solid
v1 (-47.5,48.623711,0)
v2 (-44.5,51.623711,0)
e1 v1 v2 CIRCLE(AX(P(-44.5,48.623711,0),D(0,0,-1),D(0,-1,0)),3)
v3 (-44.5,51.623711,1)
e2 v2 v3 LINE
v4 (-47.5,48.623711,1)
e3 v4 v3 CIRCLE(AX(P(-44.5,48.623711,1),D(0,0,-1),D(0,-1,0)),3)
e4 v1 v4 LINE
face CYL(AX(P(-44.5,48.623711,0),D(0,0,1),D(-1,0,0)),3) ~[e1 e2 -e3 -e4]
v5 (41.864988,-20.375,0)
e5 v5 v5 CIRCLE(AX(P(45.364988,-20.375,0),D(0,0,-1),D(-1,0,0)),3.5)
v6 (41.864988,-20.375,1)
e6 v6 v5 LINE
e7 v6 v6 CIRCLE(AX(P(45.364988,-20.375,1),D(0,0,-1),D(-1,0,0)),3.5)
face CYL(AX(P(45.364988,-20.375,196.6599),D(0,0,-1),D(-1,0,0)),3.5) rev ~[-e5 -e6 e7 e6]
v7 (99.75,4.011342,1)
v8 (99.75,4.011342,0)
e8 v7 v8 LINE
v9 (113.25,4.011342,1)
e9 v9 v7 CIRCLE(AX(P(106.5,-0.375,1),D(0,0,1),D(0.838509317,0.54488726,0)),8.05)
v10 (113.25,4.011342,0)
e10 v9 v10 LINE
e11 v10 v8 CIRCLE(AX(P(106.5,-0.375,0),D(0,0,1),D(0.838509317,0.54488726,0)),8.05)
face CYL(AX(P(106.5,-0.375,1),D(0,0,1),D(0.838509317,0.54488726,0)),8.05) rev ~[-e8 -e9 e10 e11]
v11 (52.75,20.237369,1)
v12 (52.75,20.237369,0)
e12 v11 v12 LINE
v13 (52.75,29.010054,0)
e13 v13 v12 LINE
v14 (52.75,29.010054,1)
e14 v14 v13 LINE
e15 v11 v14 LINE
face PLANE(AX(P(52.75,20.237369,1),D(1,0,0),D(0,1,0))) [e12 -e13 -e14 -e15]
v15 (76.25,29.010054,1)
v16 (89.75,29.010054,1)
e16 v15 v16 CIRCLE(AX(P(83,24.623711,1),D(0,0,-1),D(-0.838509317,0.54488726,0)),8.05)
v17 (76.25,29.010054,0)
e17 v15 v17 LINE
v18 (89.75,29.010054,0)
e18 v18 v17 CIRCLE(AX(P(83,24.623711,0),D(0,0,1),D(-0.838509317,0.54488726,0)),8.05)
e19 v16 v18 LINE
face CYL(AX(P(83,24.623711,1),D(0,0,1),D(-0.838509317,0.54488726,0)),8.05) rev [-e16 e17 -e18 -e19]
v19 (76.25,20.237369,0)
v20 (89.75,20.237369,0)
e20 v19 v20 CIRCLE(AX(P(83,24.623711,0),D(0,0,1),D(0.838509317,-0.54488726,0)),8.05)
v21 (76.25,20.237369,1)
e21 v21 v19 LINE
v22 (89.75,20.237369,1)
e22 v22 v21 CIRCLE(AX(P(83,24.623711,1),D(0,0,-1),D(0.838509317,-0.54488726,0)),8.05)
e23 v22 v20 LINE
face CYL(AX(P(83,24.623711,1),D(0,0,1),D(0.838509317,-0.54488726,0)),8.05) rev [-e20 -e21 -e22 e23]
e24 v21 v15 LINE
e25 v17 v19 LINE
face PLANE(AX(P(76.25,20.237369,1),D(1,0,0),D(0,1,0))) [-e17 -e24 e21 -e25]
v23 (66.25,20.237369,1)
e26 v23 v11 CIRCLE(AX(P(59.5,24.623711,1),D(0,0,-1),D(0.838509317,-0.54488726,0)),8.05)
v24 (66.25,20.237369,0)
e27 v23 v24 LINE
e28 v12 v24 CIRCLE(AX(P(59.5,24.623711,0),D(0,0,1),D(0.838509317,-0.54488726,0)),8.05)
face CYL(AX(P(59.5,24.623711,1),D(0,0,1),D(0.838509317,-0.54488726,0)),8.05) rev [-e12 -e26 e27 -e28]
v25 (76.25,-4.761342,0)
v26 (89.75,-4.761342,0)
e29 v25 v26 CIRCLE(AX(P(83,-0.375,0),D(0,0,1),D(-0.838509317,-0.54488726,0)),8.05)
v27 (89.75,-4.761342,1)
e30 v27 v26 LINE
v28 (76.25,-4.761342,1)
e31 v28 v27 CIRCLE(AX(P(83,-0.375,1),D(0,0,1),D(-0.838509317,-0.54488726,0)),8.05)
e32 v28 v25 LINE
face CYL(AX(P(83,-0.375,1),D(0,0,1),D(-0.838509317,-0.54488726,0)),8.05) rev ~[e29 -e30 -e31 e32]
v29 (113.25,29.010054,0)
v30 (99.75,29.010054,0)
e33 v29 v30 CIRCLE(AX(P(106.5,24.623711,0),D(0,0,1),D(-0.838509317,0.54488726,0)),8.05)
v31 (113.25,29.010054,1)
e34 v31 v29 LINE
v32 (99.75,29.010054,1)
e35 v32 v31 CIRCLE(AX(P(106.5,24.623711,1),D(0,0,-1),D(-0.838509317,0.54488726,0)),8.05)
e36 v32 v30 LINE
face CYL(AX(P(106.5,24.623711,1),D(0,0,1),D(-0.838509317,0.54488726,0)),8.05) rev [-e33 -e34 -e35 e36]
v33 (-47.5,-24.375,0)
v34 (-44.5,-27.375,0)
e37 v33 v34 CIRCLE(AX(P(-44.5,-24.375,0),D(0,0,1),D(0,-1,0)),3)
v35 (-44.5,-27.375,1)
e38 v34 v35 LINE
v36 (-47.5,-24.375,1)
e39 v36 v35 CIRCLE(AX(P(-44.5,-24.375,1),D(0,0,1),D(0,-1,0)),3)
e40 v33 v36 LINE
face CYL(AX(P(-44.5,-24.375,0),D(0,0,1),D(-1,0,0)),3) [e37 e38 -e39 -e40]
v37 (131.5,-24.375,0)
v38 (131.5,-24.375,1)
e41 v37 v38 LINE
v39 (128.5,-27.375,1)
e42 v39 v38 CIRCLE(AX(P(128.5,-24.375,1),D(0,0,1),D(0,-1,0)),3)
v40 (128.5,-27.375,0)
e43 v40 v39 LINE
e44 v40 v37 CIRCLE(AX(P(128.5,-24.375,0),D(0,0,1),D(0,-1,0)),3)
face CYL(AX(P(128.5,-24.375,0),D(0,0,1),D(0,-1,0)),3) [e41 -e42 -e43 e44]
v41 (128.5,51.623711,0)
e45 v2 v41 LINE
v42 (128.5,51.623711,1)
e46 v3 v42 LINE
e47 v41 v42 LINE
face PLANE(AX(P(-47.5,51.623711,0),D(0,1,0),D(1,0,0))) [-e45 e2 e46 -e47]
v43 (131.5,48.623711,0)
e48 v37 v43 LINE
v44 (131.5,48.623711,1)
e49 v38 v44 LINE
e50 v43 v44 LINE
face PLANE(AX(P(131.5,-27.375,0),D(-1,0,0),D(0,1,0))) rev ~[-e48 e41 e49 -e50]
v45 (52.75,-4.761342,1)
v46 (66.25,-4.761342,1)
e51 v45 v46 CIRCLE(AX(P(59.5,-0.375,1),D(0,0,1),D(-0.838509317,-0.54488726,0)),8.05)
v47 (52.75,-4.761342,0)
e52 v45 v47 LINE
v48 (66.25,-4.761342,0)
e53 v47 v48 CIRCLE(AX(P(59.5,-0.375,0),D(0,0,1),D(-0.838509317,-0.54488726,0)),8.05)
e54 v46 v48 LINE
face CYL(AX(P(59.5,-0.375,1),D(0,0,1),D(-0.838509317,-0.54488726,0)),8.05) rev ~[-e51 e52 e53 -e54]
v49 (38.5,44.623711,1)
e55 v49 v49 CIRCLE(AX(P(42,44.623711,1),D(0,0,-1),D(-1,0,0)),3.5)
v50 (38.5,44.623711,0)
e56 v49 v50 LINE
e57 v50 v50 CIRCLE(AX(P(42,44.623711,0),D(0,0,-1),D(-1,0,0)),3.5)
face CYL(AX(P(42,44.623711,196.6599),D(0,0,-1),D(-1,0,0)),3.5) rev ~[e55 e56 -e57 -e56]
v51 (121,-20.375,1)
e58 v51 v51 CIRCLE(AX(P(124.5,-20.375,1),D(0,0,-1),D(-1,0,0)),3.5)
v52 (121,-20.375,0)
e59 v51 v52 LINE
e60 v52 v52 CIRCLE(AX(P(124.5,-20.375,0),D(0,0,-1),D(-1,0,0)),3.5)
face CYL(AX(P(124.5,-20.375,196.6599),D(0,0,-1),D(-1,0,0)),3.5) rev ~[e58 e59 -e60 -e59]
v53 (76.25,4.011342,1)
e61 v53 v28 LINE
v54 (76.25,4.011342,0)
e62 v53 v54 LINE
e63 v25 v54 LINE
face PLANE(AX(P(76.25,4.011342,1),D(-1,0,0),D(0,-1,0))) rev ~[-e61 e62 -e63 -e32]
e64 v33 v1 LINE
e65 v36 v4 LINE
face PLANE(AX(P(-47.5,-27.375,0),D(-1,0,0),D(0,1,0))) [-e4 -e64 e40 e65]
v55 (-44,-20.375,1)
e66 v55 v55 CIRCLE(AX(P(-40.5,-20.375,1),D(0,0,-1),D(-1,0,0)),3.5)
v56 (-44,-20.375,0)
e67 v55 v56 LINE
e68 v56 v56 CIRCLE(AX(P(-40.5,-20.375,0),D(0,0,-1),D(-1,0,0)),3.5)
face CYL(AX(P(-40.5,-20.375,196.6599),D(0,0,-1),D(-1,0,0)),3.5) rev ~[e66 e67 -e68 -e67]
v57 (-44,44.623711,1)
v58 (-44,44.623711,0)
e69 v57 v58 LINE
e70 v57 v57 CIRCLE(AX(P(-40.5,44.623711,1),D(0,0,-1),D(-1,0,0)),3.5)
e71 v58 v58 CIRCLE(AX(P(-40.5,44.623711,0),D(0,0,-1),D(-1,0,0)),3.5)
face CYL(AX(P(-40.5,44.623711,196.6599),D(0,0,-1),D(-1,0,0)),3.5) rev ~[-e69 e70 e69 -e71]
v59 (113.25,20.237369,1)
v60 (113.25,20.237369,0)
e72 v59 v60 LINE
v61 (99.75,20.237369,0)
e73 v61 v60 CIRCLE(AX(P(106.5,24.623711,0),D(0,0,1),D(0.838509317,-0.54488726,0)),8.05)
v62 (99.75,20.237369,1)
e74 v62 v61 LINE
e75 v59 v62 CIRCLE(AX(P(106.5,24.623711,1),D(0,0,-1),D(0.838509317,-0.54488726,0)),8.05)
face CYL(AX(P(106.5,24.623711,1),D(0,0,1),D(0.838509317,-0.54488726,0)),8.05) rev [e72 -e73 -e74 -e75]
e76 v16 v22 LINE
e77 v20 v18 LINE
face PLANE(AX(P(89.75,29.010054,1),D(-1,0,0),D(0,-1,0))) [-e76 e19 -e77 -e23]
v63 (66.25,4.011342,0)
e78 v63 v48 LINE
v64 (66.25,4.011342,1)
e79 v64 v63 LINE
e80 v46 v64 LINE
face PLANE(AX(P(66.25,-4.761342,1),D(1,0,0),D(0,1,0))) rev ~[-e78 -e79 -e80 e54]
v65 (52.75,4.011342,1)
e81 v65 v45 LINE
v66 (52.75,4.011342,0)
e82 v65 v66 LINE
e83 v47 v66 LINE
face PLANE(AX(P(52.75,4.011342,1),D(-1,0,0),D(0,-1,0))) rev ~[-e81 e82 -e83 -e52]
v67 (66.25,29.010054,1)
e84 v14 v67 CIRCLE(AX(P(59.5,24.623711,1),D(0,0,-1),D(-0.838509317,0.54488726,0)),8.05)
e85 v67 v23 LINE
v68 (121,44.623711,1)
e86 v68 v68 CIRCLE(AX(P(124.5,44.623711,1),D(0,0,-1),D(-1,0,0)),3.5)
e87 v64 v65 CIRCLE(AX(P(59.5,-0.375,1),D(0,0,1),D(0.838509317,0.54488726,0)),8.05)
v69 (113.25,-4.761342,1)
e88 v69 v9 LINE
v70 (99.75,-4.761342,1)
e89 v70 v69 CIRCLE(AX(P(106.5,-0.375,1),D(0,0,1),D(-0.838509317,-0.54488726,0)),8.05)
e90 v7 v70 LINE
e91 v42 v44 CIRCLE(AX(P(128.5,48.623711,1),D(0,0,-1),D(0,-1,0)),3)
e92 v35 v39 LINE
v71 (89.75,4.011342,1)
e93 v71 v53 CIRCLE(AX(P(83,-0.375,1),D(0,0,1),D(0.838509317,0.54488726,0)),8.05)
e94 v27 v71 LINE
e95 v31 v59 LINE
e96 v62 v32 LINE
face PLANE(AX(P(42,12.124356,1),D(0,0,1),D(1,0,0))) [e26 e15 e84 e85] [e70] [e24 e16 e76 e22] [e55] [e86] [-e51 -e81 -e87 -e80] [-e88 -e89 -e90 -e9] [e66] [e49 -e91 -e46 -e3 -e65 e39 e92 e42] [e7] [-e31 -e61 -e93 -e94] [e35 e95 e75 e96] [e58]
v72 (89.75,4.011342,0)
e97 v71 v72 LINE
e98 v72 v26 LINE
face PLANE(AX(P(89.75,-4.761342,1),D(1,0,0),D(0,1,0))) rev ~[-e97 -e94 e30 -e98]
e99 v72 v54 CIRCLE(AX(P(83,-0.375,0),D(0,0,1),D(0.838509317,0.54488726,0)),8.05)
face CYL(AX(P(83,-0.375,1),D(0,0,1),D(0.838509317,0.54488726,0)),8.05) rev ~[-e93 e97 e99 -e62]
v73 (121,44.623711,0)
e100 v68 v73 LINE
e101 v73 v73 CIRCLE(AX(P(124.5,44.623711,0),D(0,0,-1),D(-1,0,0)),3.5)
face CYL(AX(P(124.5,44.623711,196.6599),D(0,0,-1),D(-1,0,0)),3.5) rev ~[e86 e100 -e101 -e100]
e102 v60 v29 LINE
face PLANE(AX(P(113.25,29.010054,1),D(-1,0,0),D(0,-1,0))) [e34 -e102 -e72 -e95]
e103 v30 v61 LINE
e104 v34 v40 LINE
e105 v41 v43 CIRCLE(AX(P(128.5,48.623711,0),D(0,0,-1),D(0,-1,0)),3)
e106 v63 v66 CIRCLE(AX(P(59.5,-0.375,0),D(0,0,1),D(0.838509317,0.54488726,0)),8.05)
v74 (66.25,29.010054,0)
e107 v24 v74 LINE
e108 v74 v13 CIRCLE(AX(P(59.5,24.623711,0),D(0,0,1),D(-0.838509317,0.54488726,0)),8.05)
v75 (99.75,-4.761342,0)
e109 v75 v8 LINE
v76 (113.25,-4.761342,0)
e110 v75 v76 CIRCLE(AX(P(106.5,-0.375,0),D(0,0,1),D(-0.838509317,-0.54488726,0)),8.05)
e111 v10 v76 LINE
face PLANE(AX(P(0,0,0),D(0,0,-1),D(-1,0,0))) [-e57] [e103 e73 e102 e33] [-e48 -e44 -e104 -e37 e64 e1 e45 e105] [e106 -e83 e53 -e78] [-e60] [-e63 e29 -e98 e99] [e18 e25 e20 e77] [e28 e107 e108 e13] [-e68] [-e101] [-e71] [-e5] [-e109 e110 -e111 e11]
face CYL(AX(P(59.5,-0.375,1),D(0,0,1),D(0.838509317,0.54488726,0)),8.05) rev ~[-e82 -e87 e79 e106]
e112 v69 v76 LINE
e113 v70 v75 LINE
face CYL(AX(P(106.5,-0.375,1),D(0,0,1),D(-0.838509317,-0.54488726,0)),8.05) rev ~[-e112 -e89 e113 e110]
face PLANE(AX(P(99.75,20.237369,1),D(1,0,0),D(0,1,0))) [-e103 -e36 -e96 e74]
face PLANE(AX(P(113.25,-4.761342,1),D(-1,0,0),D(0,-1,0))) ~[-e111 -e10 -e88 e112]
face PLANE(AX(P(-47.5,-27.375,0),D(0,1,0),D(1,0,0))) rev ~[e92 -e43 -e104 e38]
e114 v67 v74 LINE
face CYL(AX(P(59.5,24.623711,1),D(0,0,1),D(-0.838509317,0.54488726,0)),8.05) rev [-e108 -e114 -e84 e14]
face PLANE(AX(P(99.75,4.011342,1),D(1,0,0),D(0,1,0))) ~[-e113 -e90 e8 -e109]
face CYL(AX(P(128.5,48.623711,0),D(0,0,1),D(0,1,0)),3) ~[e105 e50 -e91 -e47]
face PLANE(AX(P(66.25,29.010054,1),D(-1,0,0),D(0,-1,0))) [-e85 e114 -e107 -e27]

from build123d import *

# Parameters (mm, degrees)
SKETCH1_W                = 179
SKETCH1_H                = 78.998711306
BOSS_EXTRUDE1_DEPTH      = 1
FILLET1_R                = 3
CUT_EXTRUDE1_DEPTH       = 142.273697371
F_7_0_7_DIAMETER_HOLE1_D = 7
LPATTERN1_COUNT          = 3
LPATTERN1_PITCH          = 23.5
LPATTERN1_COPY_1_DEPTH   = 142.273697371
LPATTERN1_COPY_2_DEPTH   = 142.273697371


with BuildPart() as part:
    # Sketch1 → Boss-Extrude1 (new body)
    with BuildSketch(Plane.XY):
        with Locations((42, 12.124355653)):
            Rectangle(SKETCH1_W, SKETCH1_H)
    extrude(amount=BOSS_EXTRUDE1_DEPTH)

    # Fillet1
    fillet1_edges = [part.edges().sort_by_distance(p)[0] for p in [
        (131.5, -27.375, 0.5),
        (-47.5, -27.375, 0.5),
        (-47.5, 51.623711306, 0.5),
        (131.5, 51.623711306, 0.5),
    ]]
    fillet(fillet1_edges, radius=FILLET1_R)

    # Sketch4 → Cut-Extrude1 (cut, through all)
    with BuildSketch(Plane.XY.offset(1)):
        with BuildLine():
            Line((113.25, 20.237368866), (113.25, 29.010053746))
            ThreePointArc((113.25, 29.010053746), (106.5, 32.673711306), (99.75, 29.010053746))
            Line((99.75, 29.010053746), (99.75, 20.237368866))
            ThreePointArc((99.75, 20.237368866), (106.5, 16.573711306), (113.25, 20.237368866))
        make_face()
    cut_extrude1 = extrude(amount=-CUT_EXTRUDE1_DEPTH, mode=Mode.SUBTRACT)

    # Ø7.0 (7) Diameter Hole1 (through all)
    with Locations(Plane.XY.offset(1)):
        with Locations((42, 44.623711306), (-40.5, 44.623711306), (124.5, 44.623711306), (124.5, -20.375), (45.364988053, -20.375), (-40.5, -20.375)):
            Hole(F_7_0_7_DIAMETER_HOLE1_D / 2)

    # Mirror1: Cut-Extrude1 across plane
    add(cut_extrude1.mirror(Plane.ZX.offset(12.124355653)), mode=Mode.SUBTRACT)

    # LPattern1: Cut-Extrude1 ×3
    with Locations(*[(-i * LPATTERN1_PITCH, 0, 0) for i in range(1, LPATTERN1_COUNT)]):
        add(cut_extrude1, mode=Mode.SUBTRACT)

    # LPattern1 copy 1 sketch → LPattern1 copy 1 (cut, through all)
    with BuildSketch(Plane(origin=(-23.5, 24.248711306, 1), x_dir=(1, 0, 0), z_dir=(0, 0, 1))):
        with BuildLine():
            Line((113.25, -20.237368866), (113.25, -29.010053746))
            ThreePointArc((113.25, -29.010053746), (106.5, -32.673711306), (99.75, -29.010053746))
            Line((99.75, -29.010053746), (99.75, -20.237368866))
            ThreePointArc((99.75, -20.237368866), (106.5, -16.573711306), (113.25, -20.237368866))
        make_face()
    extrude(amount=-LPATTERN1_COPY_1_DEPTH, mode=Mode.SUBTRACT)

    # LPattern1 copy 2 sketch → LPattern1 copy 2 (cut, through all)
    with BuildSketch(Plane(origin=(-47, 24.248711306, 1), x_dir=(1, 0, 0), z_dir=(0, 0, 1))):
        with BuildLine():
            Line((113.25, -20.237368866), (113.25, -29.010053746))
            ThreePointArc((113.25, -29.010053746), (106.5, -32.673711306), (99.75, -29.010053746))
            Line((99.75, -29.010053746), (99.75, -20.237368866))
            ThreePointArc((99.75, -20.237368866), (106.5, -16.573711306), (113.25, -20.237368866))
        make_face()
    extrude(amount=-LPATTERN1_COPY_2_DEPTH, mode=Mode.SUBTRACT)


solid = part.part
